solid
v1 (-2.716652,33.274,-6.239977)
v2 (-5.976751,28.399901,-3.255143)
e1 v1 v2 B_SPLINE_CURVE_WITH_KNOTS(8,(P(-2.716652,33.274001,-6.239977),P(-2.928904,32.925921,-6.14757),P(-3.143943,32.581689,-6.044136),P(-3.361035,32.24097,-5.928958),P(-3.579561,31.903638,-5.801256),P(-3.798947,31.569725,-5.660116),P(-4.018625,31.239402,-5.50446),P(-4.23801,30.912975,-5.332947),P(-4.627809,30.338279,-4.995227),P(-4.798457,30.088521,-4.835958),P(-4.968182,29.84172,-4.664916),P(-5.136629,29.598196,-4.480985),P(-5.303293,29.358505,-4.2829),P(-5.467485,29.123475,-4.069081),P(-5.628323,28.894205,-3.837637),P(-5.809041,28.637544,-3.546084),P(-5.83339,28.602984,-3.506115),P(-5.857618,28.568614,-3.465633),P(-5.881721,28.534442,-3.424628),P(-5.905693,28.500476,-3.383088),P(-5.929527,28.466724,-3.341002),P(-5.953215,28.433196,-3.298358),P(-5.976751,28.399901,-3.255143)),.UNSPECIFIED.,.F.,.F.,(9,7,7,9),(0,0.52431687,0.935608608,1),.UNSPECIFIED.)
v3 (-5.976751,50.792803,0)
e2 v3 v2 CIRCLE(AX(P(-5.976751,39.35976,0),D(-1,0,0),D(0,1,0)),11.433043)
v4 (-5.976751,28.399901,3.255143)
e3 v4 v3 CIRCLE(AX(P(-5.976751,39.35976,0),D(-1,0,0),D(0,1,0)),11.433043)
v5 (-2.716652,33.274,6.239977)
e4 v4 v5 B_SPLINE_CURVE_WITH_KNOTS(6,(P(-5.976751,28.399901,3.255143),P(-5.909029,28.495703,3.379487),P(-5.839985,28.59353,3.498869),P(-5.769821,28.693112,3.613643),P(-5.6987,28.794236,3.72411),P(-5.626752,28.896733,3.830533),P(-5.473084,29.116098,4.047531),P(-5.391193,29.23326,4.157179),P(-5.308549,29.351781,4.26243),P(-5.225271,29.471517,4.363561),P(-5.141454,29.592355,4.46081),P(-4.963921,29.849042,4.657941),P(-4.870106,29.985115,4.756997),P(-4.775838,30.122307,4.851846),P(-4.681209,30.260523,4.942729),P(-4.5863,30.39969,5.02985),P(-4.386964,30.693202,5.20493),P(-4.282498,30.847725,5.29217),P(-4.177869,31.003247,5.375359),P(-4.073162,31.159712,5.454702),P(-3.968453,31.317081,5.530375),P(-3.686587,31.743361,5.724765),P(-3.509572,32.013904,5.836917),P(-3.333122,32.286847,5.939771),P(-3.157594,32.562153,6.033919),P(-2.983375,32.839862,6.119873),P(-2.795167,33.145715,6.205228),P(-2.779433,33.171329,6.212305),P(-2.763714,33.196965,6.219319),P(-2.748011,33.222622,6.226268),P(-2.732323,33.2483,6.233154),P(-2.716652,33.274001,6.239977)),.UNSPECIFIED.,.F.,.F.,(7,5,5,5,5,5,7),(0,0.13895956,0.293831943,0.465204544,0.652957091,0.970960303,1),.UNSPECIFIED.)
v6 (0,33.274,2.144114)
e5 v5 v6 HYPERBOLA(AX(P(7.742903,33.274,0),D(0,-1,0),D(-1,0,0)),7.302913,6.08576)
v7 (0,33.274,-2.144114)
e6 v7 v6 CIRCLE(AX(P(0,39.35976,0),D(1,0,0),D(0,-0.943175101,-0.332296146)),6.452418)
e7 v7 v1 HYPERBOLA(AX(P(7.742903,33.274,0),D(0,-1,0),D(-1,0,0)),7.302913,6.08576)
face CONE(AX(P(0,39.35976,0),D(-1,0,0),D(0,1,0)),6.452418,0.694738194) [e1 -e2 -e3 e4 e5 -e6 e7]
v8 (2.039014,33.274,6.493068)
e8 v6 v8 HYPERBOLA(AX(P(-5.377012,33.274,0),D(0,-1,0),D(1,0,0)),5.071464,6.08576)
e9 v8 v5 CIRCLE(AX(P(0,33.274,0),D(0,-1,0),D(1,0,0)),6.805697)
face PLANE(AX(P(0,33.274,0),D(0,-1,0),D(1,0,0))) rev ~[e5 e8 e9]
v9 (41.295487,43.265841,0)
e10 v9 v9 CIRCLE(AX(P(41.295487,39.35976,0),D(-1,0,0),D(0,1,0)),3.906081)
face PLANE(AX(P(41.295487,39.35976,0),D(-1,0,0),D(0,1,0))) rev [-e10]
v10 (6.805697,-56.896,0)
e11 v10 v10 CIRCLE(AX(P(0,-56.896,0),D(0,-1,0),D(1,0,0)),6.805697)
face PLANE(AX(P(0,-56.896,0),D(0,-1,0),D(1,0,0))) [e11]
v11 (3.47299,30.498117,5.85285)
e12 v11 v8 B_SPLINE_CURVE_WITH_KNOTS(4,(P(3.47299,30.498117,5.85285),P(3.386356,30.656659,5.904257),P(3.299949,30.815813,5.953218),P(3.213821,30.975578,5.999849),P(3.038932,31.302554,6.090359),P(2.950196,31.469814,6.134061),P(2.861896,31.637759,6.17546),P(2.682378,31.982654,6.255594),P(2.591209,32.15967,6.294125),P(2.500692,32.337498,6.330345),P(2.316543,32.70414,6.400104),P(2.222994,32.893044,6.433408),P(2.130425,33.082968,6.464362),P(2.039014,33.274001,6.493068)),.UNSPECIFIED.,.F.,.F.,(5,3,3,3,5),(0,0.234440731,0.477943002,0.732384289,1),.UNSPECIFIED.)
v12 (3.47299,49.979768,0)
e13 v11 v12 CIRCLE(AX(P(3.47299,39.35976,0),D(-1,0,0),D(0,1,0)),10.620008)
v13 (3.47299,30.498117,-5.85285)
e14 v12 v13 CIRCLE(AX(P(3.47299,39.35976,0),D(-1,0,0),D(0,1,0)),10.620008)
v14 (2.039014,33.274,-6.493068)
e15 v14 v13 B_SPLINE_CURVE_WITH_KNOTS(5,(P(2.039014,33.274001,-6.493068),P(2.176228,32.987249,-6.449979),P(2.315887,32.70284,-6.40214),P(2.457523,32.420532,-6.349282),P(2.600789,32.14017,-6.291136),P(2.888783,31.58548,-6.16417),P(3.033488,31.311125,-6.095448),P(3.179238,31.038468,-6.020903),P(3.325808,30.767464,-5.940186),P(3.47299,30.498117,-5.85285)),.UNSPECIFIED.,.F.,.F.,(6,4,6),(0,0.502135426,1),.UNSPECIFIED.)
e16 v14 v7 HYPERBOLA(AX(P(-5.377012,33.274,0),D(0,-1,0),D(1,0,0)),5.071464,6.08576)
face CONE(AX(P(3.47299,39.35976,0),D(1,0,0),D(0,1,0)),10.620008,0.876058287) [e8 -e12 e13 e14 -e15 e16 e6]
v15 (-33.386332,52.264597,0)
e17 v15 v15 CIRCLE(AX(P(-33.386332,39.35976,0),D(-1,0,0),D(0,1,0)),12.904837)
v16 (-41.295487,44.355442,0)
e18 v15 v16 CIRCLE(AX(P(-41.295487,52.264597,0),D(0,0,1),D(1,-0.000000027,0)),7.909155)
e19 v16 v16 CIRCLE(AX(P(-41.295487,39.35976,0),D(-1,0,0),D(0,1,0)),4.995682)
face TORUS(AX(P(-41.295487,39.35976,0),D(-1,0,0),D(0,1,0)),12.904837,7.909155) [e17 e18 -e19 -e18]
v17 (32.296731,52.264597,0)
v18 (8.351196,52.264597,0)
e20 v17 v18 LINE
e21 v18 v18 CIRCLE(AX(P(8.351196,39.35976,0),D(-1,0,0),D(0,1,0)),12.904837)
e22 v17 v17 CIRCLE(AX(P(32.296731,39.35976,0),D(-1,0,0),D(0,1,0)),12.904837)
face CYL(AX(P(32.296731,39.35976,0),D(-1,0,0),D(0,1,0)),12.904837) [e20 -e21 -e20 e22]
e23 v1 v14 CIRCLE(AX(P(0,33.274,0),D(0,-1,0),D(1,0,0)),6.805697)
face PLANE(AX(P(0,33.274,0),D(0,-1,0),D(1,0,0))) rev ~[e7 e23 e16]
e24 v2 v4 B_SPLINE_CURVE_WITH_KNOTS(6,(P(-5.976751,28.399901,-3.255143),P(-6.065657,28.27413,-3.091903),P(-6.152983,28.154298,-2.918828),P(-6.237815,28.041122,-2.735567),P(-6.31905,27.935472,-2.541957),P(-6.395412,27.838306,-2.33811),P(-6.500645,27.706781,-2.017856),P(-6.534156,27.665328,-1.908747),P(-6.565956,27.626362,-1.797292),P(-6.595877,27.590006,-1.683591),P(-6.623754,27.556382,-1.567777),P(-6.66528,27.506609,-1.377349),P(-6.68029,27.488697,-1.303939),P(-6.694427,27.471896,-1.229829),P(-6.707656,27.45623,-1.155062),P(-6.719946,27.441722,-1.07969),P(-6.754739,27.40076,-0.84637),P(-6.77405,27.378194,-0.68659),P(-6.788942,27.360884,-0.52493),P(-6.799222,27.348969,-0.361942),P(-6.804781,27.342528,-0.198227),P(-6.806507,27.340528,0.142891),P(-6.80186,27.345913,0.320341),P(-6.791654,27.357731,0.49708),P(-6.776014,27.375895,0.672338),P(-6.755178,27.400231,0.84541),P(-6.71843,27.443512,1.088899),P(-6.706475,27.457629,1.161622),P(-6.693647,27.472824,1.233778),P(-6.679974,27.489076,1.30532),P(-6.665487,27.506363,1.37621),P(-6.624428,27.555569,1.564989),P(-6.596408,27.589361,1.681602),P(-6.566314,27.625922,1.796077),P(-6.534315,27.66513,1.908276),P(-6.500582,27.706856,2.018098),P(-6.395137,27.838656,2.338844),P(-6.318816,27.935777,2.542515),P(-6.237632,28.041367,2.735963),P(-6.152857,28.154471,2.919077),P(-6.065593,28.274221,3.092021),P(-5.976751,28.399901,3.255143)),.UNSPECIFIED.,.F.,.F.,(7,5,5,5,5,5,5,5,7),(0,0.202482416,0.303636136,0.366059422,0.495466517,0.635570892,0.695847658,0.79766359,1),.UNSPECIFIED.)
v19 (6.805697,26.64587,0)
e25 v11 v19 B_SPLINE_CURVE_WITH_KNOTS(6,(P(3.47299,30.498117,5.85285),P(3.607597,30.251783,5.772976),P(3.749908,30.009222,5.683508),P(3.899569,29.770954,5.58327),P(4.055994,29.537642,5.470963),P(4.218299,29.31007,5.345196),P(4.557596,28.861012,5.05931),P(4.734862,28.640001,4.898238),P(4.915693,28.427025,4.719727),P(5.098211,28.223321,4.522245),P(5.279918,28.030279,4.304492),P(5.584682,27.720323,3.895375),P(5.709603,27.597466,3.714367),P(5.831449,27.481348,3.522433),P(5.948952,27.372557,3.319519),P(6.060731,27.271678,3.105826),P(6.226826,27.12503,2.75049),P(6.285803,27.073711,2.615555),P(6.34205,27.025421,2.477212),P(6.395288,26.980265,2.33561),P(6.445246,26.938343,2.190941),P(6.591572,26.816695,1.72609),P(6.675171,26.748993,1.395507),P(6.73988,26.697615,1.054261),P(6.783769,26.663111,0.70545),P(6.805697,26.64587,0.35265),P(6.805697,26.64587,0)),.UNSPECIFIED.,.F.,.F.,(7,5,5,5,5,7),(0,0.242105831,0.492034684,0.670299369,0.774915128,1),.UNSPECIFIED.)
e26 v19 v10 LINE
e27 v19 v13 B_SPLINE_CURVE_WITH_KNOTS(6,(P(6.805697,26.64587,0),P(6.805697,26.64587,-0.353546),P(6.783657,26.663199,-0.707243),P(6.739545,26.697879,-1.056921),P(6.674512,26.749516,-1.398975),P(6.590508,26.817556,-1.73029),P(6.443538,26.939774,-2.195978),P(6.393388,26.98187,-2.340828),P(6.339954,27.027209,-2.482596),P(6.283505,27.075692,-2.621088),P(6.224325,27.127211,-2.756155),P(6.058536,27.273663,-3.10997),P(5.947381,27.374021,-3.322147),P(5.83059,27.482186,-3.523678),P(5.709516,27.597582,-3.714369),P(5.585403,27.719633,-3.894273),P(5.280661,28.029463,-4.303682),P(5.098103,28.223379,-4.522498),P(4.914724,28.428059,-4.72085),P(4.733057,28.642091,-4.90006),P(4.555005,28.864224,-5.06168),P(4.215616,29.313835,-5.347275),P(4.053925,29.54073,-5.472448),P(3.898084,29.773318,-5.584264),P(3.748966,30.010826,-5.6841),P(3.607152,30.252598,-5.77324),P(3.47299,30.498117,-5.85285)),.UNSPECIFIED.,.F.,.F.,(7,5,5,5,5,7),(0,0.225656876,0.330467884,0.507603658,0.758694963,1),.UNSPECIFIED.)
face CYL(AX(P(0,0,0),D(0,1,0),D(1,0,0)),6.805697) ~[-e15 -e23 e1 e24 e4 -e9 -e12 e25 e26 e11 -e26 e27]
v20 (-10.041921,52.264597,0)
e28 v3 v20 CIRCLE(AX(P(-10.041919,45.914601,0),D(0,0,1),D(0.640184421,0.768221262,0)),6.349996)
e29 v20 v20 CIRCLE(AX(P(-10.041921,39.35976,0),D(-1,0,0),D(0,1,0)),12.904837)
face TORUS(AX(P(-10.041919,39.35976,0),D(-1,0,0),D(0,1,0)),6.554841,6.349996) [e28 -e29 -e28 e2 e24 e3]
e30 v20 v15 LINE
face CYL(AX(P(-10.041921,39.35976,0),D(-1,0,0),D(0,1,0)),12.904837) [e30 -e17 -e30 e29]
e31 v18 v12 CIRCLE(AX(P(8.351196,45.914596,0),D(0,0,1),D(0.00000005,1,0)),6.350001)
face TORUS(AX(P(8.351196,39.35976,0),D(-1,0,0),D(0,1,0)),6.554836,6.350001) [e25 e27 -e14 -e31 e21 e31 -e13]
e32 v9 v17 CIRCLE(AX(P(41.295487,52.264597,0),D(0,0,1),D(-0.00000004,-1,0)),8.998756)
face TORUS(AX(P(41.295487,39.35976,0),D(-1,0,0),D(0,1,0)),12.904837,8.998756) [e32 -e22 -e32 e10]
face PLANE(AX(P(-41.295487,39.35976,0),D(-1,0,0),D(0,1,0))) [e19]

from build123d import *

# Parameters (mm, degrees)
F2_R     = 6.805697
F3_DEPTH = 33.274
F4_DEPTH = 56.896


with BuildPart() as f1:
    # F0 (on Top) → F1 (revolve)
    with BuildSketch(Plane.XY):
        with BuildLine():
            Line((-41.295487, 39.35976), (41.295487, 39.35976))
            Line((41.295487, 39.35976), (41.295487, 43.265841))
            ThreePointArc((41.295487, 43.265841), (47.658569, 58.627679), (32.296731, 52.264597))
            Line((32.296731, 52.264597), (8.351196, 52.264597))
            ThreePointArc((8.351196, 52.264597), (5.657809, 51.66509), (3.47299, 49.979768))
            Line((3.47299, 49.979768), (0, 45.812178))
            Line((0, 45.812178), (-5.976751, 50.792803))
            ThreePointArc((-5.976751, 50.792803), (-7.880221, 51.885322), (-10.041921, 52.264597))
            Line((-10.041921, 52.264597), (-33.386332, 52.264597))
            ThreePointArc((-33.386332, 52.264597), (-46.888105, 57.857214), (-41.295487, 44.355442))
            Line((-41.295487, 44.355442), (-41.295487, 39.35976))
        make_face()
    revolve(axis=Axis((0, 39.35976, 0), (-1, 0, 0)))

    # F2 (on Front) → F3 (join)
    with BuildSketch(Plane.XZ):
        Circle(F2_R)
    extrude(amount=-F3_DEPTH)

    # F2 (on Front) → F4 (join)
    with BuildSketch(Plane.XZ):
        Circle(F2_R)
    extrude(amount=F4_DEPTH)


solid = f1.part
